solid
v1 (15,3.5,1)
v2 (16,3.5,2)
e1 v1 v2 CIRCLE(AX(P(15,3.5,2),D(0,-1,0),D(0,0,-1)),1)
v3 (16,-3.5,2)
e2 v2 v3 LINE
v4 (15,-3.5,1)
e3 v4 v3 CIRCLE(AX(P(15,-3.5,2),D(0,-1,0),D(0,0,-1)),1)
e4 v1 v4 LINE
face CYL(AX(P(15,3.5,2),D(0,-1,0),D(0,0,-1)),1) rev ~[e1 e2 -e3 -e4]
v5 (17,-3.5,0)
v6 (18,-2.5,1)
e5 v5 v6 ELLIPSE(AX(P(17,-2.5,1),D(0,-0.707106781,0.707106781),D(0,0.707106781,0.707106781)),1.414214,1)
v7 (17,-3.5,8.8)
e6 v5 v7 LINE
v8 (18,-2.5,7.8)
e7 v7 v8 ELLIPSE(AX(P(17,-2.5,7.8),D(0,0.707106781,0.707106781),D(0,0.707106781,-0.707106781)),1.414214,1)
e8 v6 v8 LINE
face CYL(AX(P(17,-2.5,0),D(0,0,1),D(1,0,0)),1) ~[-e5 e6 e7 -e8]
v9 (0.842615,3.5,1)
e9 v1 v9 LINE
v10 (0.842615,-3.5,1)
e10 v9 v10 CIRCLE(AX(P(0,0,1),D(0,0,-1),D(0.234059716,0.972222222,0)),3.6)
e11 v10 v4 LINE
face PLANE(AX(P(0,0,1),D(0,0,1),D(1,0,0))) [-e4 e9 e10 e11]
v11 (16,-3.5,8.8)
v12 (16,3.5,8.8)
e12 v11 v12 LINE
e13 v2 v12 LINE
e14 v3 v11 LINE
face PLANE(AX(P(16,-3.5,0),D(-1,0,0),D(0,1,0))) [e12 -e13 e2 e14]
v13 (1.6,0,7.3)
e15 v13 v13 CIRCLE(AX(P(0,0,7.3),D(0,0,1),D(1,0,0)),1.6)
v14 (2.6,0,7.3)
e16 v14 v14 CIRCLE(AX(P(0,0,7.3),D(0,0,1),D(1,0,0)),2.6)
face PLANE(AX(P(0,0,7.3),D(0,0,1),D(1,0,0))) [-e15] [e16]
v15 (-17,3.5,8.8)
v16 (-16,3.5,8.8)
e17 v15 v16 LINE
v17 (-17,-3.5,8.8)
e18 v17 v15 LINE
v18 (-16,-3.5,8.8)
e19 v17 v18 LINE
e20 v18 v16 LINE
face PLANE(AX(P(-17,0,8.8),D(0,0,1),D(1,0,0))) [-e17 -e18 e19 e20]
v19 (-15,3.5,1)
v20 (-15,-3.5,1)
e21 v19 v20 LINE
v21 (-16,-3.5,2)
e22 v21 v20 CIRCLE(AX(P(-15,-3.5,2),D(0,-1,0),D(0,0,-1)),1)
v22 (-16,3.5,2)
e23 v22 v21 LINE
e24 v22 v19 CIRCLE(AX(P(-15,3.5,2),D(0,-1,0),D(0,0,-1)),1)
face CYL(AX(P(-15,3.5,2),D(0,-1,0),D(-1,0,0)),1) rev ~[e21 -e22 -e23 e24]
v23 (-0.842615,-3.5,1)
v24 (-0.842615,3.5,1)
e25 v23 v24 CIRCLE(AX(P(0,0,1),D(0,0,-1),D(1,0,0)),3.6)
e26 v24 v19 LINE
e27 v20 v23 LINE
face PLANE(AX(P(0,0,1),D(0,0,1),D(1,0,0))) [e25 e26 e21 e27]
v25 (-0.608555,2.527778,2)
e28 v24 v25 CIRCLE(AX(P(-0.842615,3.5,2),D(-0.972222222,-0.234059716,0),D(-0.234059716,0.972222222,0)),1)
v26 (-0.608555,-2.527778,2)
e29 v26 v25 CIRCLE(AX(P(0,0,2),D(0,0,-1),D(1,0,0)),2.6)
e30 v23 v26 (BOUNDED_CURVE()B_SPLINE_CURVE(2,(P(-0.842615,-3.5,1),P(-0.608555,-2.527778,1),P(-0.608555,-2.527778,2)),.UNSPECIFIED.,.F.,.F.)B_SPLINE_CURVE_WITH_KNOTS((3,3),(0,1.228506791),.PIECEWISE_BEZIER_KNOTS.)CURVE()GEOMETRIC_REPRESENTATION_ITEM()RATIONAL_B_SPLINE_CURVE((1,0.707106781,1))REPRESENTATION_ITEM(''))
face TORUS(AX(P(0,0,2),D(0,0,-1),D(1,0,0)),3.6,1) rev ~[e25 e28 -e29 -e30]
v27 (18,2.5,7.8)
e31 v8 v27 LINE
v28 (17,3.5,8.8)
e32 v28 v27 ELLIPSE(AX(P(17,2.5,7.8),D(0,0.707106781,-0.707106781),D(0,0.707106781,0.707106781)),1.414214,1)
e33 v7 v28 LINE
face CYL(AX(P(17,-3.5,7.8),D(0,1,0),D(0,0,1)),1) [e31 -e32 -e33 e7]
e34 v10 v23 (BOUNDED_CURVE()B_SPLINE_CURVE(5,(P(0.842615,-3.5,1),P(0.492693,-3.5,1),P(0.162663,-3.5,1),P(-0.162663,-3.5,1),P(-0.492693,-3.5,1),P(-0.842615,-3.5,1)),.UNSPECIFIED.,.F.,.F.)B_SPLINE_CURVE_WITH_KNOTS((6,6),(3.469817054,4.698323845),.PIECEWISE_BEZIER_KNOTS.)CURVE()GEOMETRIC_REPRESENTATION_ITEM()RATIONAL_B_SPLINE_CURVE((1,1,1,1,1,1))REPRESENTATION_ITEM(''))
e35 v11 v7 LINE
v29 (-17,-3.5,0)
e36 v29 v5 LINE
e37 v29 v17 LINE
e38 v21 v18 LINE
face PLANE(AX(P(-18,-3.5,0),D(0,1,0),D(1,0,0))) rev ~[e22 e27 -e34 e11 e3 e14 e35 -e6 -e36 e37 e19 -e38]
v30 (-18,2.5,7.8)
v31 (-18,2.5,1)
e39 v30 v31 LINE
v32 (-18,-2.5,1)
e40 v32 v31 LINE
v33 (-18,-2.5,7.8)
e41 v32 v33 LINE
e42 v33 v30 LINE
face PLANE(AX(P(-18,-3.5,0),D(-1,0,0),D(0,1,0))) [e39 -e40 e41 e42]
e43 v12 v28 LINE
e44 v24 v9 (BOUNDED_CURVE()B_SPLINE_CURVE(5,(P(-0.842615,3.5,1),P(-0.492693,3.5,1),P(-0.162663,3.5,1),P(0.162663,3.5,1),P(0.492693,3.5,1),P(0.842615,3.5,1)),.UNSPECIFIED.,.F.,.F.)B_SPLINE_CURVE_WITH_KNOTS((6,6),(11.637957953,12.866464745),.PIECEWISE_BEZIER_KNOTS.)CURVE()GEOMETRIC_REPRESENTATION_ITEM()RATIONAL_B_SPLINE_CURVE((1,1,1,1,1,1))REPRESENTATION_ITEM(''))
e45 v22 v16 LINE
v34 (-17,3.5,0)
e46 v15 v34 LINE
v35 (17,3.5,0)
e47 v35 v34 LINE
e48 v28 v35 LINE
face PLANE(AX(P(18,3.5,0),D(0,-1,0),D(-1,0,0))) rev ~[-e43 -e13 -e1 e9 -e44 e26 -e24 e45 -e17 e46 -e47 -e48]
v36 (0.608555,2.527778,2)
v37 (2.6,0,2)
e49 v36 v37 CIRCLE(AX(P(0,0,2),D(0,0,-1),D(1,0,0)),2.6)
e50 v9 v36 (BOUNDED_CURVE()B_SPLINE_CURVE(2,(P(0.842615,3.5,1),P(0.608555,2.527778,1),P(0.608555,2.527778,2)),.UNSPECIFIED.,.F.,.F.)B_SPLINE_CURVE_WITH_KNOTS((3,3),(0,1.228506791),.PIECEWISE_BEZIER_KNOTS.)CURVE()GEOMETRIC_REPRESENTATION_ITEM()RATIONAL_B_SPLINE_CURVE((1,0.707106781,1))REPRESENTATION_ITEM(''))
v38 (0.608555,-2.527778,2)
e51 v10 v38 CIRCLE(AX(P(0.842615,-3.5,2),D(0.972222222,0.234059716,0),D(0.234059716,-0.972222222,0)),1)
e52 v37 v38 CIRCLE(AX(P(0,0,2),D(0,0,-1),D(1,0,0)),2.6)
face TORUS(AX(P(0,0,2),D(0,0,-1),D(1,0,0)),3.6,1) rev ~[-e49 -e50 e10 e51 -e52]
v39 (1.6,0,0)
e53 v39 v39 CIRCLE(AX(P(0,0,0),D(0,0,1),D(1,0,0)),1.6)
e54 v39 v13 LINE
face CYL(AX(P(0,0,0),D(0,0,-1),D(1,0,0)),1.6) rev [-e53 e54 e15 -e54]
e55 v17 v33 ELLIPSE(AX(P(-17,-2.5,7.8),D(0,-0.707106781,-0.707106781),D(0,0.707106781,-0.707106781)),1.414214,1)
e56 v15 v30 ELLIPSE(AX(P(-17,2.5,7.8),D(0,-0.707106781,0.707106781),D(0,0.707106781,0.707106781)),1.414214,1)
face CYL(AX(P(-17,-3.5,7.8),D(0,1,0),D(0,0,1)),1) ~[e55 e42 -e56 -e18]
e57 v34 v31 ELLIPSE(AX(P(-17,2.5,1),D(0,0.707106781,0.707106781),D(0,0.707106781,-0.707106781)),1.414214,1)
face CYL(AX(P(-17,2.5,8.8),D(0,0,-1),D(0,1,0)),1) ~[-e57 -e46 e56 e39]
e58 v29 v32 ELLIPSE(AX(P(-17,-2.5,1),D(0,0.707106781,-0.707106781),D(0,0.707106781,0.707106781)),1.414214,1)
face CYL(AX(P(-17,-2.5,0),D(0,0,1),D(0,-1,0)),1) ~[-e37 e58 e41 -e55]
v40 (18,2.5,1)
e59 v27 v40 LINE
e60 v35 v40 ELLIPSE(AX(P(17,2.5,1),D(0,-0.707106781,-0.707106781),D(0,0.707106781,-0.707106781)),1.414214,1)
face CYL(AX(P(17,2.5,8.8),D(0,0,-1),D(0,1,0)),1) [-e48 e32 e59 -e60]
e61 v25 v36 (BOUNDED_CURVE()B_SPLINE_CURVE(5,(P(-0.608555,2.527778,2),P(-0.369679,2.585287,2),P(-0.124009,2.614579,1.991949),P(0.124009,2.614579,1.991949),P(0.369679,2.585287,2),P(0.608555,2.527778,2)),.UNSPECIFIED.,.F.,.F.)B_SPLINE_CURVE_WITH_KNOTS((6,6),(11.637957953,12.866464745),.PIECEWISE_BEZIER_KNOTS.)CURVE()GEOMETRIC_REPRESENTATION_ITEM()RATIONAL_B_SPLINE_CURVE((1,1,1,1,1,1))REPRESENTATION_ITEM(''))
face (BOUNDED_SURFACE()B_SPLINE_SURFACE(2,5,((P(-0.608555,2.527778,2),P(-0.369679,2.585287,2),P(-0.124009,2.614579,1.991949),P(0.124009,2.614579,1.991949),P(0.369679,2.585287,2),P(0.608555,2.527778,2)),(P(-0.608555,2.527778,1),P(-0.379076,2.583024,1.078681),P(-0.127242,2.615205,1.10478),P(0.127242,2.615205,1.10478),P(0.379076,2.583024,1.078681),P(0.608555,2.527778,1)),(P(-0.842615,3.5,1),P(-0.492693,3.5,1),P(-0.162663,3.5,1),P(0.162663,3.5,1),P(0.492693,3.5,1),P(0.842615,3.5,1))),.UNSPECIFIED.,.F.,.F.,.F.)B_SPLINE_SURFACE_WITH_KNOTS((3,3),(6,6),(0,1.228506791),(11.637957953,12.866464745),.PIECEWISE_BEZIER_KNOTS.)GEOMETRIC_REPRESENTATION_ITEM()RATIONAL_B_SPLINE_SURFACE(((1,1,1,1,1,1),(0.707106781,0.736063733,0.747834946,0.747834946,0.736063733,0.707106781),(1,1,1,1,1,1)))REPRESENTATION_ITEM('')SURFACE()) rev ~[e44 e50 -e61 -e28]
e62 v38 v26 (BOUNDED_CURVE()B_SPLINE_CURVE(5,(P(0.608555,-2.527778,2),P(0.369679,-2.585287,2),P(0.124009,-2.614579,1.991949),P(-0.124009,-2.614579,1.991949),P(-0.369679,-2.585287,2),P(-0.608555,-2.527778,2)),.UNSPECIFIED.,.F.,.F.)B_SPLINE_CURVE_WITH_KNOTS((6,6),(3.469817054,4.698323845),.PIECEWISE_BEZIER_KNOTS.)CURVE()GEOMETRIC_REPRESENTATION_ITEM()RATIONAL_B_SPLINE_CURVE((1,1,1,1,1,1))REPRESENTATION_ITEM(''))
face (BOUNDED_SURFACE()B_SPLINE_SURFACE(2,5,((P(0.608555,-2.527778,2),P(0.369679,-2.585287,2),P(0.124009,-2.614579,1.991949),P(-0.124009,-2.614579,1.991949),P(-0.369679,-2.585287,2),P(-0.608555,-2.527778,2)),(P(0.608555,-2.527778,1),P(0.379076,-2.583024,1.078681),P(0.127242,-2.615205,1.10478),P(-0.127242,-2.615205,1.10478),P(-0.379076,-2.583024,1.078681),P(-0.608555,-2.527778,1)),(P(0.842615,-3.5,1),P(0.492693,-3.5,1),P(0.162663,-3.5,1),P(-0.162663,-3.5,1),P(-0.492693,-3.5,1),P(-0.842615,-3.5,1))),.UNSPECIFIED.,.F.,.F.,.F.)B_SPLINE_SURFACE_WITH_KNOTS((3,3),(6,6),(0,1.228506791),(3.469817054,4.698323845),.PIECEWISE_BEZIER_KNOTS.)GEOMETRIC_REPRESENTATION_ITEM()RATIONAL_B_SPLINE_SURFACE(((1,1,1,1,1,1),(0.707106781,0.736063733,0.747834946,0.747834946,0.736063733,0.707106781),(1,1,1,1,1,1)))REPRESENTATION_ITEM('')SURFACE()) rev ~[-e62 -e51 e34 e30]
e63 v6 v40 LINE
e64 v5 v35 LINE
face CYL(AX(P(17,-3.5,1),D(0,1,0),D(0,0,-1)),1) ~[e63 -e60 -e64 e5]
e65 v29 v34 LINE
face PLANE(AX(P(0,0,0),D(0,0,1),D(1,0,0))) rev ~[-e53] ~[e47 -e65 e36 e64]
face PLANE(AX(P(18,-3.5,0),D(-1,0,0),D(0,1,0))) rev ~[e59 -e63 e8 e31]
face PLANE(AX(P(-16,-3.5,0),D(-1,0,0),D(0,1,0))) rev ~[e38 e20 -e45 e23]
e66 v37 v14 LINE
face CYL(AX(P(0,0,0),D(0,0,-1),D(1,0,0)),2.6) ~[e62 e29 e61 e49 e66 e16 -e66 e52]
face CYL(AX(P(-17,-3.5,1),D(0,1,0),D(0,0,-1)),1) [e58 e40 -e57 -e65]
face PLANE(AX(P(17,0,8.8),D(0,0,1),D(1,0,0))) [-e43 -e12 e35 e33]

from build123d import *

# Parameters (mm, degrees)
F0_W     = 32
F0_H     = 7
F0_R     = 2.6
F0_W_2   = 2
F0_R_2   = 1.6
F1_DEPTH = 1
F2_DEPTH = 8.8
F3_DEPTH = 7.3
F4_R     = 1
F5_R     = 1


with BuildPart() as f1:
    # F0 (on Top) → F1 (new body)
    with BuildSketch(Plane.XY):
        Rectangle(F0_W, F0_H)
        Circle(F0_R, mode=Mode.SUBTRACT)
        with Locations((-17, 0)):
            Rectangle(F0_W_2, F0_H)
        with Locations((17, 0)):
            Rectangle(F0_W_2, F0_H)
        Circle(F0_R)
        Circle(F0_R_2, mode=Mode.SUBTRACT)
    extrude(amount=F1_DEPTH)

    # F0 (on Top) → F2 (join)
    with BuildSketch(Plane.XY):
        with Locations((-17, 0)):
            Rectangle(F0_W_2, F0_H)
        with Locations((17, 0)):
            Rectangle(F0_W_2, F0_H)
    extrude(amount=F2_DEPTH)

    # F0 (on Top) → F3 (join)
    with BuildSketch(Plane.XY):
        Circle(F0_R)
        Circle(F0_R_2, mode=Mode.SUBTRACT)
    extrude(amount=F3_DEPTH)

    # F4
    f4_edges = [f1.edges().sort_by_distance(p)[0] for p in [
        (-16, 0, 1),
        (16, 0, 1),
        (-18, 0, 0),
        (18, 0, 0),
        (-18, 0, 8.8),
        (18, 0, 8.8),
        (-18, -3.5, 4.4),
        (-18, 3.5, 4.4),
        (18, -3.5, 4.4),
        (18, 3.5, 4.4),
    ]]
    fillet(f4_edges, radius=F4_R)

    # F5
    f5_edges = [f1.edges().sort_by_distance(p)[0] for p in [
        (-2.6, 0, 1),
    ]]
    fillet(f5_edges, radius=F5_R)


solid = f1.part
